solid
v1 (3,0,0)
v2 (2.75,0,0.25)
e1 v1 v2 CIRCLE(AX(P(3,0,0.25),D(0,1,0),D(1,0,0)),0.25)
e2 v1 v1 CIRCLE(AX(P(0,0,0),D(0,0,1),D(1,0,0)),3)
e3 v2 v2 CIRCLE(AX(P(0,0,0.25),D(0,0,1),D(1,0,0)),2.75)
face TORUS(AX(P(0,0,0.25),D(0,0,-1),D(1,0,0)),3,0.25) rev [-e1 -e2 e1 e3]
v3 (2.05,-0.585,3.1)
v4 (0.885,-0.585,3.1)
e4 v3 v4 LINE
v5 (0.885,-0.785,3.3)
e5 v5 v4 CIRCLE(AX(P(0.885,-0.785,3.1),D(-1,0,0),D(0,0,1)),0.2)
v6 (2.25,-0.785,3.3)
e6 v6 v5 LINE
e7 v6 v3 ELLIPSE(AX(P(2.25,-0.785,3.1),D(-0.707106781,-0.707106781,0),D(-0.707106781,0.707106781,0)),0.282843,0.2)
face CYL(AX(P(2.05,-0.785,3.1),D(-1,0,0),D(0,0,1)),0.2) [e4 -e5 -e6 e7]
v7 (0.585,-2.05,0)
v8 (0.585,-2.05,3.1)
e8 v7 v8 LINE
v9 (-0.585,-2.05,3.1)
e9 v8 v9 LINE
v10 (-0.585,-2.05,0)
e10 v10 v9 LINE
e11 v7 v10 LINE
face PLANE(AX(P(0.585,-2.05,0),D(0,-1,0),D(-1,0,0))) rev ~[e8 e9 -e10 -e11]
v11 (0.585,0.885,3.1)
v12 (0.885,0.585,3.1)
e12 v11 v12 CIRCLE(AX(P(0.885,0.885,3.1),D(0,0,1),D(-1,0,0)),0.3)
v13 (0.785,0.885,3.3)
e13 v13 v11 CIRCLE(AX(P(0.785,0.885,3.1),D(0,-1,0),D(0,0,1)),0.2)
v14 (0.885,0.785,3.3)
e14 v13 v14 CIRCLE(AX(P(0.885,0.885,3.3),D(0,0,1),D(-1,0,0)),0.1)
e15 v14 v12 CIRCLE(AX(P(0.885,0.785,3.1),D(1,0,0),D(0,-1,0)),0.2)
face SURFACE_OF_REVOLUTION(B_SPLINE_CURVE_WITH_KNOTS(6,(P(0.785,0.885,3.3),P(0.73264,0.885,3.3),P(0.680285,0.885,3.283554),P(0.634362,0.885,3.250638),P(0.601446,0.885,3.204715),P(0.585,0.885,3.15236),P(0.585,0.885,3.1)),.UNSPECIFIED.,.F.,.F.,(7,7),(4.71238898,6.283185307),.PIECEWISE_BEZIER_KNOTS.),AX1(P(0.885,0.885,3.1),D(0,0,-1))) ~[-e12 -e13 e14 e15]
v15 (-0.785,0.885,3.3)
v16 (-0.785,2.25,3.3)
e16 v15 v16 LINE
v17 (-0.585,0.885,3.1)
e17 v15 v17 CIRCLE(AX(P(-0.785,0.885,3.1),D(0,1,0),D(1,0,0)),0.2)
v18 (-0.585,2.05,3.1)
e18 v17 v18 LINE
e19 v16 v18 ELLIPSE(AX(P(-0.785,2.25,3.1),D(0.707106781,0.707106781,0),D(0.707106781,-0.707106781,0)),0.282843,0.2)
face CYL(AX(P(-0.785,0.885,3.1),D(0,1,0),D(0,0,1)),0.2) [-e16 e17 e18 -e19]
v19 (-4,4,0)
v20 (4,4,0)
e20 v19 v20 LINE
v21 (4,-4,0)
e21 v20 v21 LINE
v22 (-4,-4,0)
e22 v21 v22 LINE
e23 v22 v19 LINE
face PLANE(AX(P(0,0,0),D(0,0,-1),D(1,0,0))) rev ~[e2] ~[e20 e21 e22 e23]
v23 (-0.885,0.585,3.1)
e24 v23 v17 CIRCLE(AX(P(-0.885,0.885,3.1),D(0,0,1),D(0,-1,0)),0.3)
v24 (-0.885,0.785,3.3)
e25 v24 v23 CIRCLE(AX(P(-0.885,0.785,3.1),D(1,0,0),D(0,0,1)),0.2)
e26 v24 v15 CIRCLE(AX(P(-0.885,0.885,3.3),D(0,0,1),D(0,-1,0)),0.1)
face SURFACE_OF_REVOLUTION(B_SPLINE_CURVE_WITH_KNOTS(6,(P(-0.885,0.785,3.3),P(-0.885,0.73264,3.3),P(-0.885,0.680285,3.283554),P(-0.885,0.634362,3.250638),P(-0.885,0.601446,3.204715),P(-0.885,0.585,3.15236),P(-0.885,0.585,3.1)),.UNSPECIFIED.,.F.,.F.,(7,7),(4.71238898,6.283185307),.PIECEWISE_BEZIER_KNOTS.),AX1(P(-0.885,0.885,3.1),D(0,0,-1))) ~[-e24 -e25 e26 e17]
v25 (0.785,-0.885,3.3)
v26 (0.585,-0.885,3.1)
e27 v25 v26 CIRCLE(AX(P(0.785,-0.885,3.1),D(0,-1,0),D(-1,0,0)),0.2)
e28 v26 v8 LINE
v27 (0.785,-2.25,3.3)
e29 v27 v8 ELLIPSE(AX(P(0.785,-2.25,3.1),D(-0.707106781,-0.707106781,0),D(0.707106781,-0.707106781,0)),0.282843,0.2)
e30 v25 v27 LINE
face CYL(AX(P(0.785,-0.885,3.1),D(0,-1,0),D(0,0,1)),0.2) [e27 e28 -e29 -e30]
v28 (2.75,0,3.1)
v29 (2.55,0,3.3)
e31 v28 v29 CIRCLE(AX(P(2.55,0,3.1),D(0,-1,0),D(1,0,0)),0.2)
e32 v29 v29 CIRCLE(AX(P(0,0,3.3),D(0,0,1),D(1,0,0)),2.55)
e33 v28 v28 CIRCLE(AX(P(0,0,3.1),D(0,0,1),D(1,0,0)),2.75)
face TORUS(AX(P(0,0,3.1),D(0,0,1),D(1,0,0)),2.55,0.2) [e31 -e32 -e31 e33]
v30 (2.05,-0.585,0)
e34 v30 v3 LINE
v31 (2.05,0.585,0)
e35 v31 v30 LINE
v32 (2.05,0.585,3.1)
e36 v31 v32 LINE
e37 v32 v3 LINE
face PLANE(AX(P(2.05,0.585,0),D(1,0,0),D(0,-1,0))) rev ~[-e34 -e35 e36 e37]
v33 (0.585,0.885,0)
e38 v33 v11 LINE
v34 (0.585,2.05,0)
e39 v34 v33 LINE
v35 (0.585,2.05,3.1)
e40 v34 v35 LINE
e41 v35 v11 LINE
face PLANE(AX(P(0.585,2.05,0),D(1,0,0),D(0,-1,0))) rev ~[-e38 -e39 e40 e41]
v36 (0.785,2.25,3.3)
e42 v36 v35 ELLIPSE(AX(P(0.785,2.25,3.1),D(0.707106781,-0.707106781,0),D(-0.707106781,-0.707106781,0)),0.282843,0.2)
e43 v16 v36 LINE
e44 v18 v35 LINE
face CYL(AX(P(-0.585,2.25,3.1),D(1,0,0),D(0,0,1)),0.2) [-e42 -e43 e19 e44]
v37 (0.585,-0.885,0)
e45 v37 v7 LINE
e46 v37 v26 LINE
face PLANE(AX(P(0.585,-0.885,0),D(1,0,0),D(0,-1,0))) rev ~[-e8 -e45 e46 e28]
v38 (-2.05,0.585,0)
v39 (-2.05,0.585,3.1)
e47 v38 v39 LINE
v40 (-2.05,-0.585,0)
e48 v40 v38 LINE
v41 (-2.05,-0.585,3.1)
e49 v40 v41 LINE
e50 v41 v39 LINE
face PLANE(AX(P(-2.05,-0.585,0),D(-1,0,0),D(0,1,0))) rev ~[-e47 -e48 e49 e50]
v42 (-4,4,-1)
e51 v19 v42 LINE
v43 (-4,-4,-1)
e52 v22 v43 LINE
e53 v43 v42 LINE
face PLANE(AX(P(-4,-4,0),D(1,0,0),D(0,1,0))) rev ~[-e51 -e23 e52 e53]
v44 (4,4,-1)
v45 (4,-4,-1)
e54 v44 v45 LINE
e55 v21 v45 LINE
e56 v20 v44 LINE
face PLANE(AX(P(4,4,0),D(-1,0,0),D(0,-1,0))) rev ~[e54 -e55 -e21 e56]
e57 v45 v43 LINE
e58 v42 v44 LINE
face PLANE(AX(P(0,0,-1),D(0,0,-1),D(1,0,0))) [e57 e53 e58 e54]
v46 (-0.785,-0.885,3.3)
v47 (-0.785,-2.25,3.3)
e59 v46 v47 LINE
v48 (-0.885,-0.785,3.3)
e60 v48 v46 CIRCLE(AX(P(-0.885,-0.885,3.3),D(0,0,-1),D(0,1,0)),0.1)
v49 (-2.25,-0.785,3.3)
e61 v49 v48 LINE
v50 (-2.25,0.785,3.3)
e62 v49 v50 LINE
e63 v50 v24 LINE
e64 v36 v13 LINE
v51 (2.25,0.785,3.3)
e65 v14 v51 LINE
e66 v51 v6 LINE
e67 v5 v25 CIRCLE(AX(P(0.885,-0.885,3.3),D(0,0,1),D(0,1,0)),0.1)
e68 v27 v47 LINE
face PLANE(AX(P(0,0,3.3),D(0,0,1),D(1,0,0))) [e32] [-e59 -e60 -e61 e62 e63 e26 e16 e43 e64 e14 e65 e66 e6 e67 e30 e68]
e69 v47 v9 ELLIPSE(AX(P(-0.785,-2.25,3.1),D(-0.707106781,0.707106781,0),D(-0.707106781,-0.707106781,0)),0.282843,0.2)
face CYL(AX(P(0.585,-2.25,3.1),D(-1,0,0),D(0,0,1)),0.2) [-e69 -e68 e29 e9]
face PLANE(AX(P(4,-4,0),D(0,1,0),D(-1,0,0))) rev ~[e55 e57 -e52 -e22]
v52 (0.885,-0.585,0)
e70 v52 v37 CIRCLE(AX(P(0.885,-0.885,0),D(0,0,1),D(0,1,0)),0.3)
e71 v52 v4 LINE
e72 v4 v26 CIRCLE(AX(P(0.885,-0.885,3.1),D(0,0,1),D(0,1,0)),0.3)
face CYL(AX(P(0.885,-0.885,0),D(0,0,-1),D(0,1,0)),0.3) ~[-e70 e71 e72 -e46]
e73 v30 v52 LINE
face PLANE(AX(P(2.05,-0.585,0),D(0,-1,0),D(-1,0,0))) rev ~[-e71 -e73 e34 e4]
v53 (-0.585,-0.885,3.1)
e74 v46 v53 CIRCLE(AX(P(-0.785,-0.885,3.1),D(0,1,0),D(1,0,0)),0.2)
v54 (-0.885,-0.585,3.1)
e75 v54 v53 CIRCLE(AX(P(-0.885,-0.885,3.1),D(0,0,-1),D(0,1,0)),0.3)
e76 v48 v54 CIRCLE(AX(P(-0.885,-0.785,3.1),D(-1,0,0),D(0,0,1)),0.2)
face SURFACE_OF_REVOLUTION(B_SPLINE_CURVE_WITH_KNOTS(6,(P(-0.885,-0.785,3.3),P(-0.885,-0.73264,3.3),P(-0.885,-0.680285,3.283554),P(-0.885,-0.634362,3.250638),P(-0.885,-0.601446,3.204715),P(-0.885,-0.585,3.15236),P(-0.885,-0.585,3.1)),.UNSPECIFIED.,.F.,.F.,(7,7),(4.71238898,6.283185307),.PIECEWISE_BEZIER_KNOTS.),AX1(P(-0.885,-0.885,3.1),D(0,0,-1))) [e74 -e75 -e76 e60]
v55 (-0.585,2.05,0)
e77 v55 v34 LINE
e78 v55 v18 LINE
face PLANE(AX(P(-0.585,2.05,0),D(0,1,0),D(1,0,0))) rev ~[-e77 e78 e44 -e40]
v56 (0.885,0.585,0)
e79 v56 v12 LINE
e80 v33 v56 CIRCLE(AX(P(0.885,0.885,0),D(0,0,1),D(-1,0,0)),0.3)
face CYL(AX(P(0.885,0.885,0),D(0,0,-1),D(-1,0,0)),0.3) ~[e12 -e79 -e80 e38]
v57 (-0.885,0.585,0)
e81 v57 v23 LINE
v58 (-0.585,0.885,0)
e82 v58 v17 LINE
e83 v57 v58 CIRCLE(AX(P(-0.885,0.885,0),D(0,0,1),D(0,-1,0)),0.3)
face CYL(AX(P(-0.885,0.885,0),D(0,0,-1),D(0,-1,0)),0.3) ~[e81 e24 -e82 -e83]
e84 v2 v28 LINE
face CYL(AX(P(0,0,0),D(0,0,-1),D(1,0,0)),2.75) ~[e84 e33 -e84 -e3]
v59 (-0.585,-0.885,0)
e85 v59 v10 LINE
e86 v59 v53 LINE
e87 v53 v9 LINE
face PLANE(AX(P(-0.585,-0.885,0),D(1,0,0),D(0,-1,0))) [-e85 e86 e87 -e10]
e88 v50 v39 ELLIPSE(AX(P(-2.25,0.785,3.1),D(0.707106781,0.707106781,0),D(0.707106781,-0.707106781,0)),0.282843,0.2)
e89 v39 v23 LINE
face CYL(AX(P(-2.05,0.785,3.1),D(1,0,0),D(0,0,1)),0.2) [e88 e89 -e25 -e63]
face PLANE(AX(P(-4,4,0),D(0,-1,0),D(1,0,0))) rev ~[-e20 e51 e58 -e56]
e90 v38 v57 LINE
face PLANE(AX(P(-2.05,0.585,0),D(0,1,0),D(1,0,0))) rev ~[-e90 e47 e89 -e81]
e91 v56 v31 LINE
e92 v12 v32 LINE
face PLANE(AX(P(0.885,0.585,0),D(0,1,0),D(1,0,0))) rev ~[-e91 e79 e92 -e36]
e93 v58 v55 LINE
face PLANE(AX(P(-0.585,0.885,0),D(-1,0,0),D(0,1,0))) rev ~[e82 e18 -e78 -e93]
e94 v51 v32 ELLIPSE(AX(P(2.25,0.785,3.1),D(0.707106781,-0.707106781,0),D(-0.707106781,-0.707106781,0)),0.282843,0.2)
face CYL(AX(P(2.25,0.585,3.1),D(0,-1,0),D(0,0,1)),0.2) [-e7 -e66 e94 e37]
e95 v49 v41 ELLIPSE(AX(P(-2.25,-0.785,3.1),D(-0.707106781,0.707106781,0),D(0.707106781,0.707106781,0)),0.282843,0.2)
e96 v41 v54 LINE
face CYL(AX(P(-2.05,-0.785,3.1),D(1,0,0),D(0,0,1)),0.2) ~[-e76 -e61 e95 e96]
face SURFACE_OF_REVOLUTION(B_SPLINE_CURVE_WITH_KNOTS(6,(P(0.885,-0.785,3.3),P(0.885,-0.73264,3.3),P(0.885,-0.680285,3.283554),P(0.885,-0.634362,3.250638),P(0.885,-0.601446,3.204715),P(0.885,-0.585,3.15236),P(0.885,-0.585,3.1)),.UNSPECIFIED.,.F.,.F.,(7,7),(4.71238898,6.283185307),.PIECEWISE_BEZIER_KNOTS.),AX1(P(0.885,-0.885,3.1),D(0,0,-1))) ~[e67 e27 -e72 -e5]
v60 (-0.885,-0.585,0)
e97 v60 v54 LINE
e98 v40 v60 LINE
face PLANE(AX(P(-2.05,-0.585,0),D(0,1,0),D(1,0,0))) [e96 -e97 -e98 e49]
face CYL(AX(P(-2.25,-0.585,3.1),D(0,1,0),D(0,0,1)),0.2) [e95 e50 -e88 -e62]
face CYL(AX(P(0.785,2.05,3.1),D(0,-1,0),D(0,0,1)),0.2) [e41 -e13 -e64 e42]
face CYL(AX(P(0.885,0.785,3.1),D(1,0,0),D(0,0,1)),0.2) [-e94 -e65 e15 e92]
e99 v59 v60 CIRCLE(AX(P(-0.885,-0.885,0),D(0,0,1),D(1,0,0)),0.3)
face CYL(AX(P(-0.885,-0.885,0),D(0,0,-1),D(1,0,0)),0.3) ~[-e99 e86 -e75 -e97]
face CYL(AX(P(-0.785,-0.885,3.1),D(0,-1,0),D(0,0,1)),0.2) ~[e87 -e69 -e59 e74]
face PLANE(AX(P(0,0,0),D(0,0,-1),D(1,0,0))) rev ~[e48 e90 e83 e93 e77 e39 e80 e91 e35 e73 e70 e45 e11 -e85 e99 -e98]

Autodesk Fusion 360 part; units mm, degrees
sketch "Sketch1" plane through (0, 0, 0) normal (0, 0, 1) x (1, 0, 0)
  circle A0 centre (0, 0) radius 2.75
  line L0 (0.585, -2.05) -> (-0.585, -2.05)
  line L1 (-0.585, 0.885) -> (-0.585, 2.05)
  line L2 (-0.585, 2.05) -> (0.585, 2.05)
  line L3 (0.585, -0.885) -> (0.585, -2.05)
  line L4 (0.585, -2.05) -> (-0.585, 2.05) construction
  line L5 (-0.585, -2.05) -> (0.585, 2.05) construction
  line L6 (2.05, -0.585) -> (0.885, -0.585)
  line L7 (-2.05, -0.585) -> (-2.05, 0.585)
  line L8 (0.885, 0.585) -> (2.05, 0.585)
  line L9 (2.05, 0.585) -> (2.05, -0.585)
  line L10 (2.05, -0.585) -> (-2.05, 0.585) construction
  line L11 (-2.05, -0.585) -> (2.05, 0.585) construction
  arc A1 (0.885, -0.585) -> (0.585, -0.885) centre (0.885, -0.885) ccw
  line L12 (0.585, 2.05) -> (0.585, 0.885)
  arc A2 (0.585, 0.885) -> (0.885, 0.585) centre (0.885, 0.885) ccw
  line L13 (-2.05, 0.585) -> (-0.885, 0.585)
  line L14 (-2.05, -0.585) -> (-0.885, -0.585)
  arc A3 (-0.885, 0.585) -> (-0.585, 0.885) centre (-0.885, 0.885) ccw
  line L15 (-0.585, -0.885) -> (-0.585, -2.05)
  arc A4 (-0.585, -0.885) -> (-0.885, -0.585) centre (-0.885, -0.885) ccw
  point P0 (0.585, -0.585)
  dimension "d1" = 5.5
  dimension "d2" = 1.17
  dimension "d3" = 4.1
  dimension "d4" = 4.1
  dimension "d5" = 1.17
  dimension "d6" = 0.3
  dimension "d7" = 0.3
  dimension "d8" = 0.3
  dimension "d9" = 0.3
extrude "Extrude1" add sketch "Sketch1" along normal blind 3.3
sketch "Sketch2" plane through (0, 0, 0) normal (0, 0, -1) x (1, 0, 0)
  line L0 (-2.05, 0.585) -> (-0.885, 0.585)
  arc A0 (-0.885, 0.585) -> (-0.585, 0.885) centre (-0.885, 0.885) ccw
  line L1 (-0.585, 0.885) -> (-0.585, 2.05)
  line L2 (-0.585, 2.05) -> (0.585, 2.05)
  line L3 (0.585, 2.05) -> (0.585, 0.885)
  arc A1 (0.585, 0.885) -> (0.885, 0.585) centre (0.885, 0.885) ccw
  line L4 (0.885, 0.585) -> (2.05, 0.585)
  line L5 (2.05, 0.585) -> (2.05, -0.585)
  line L6 (2.05, -0.585) -> (0.885, -0.585)
  arc A2 (0.885, -0.585) -> (0.585, -0.885) centre (0.885, -0.885) ccw
  line L7 (0.585, -0.885) -> (0.585, -2.05)
  line L8 (0.585, -2.05) -> (-0.585, -2.05)
  line L9 (-0.585, -2.05) -> (-0.585, -0.885)
  arc A3 (-0.585, -0.885) -> (-0.885, -0.585) centre (-0.885, -0.885) ccw
  line L10 (-0.885, -0.585) -> (-2.05, -0.585)
  line L11 (-2.05, -0.585) -> (-2.05, 0.585)
  circle A4 centre (0, 0) radius 2.75
  line L12 (4, 4) -> (-4, 4)
  line L13 (-4, 4) -> (-4, -4)
  line L14 (-4, -4) -> (4, -4)
  line L15 (4, -4) -> (4, 4)
  line L16 (4, 4) -> (-4, -4) construction
  line L17 (-4, 4) -> (4, -4) construction
  dimension "d12" = 8
  dimension "d13" = 8
extrude "Extrude2" add sketch "Sketch2" along normal blind 1 contours L0 A0 L1 L2 L3 A1 L4 L5 L6 A2 L7 L8 L9 A3 L10 L11 | A4 | L12 L13 L14 L15
fillet "Fillet1" radius 0.25 1 edges at (-2.5639, -0.9944, 0)
fillet "Fillet2" radius 0.2 1 edges at (-2.5639, -0.9944, 3.3)
fillet "Fillet3" radius 0.2 16 edges at (1.4675, -0.585, 3.3) (0.6729, -0.6729, 3.3) (0.585, -1.4675, 3.3) (2.05, 0, 3.3) (0.585, 1.4675, 3.3) (0.6729, 0.6729, 3.3) (1.4675, 0.585, 3.3) (0, 2.05, 3.3) (-1.4675, 0.585, 3.3) (-0.6729, 0.6729, 3.3) (-0.585, 1.4675, 3.3) (-2.05, 0, 3.3) (-0.585, -1.4675, 3.3) (-0.6729, -0.6729, 3.3) (-1.4675, -0.585, 3.3) (0, -2.05, 3.3)
